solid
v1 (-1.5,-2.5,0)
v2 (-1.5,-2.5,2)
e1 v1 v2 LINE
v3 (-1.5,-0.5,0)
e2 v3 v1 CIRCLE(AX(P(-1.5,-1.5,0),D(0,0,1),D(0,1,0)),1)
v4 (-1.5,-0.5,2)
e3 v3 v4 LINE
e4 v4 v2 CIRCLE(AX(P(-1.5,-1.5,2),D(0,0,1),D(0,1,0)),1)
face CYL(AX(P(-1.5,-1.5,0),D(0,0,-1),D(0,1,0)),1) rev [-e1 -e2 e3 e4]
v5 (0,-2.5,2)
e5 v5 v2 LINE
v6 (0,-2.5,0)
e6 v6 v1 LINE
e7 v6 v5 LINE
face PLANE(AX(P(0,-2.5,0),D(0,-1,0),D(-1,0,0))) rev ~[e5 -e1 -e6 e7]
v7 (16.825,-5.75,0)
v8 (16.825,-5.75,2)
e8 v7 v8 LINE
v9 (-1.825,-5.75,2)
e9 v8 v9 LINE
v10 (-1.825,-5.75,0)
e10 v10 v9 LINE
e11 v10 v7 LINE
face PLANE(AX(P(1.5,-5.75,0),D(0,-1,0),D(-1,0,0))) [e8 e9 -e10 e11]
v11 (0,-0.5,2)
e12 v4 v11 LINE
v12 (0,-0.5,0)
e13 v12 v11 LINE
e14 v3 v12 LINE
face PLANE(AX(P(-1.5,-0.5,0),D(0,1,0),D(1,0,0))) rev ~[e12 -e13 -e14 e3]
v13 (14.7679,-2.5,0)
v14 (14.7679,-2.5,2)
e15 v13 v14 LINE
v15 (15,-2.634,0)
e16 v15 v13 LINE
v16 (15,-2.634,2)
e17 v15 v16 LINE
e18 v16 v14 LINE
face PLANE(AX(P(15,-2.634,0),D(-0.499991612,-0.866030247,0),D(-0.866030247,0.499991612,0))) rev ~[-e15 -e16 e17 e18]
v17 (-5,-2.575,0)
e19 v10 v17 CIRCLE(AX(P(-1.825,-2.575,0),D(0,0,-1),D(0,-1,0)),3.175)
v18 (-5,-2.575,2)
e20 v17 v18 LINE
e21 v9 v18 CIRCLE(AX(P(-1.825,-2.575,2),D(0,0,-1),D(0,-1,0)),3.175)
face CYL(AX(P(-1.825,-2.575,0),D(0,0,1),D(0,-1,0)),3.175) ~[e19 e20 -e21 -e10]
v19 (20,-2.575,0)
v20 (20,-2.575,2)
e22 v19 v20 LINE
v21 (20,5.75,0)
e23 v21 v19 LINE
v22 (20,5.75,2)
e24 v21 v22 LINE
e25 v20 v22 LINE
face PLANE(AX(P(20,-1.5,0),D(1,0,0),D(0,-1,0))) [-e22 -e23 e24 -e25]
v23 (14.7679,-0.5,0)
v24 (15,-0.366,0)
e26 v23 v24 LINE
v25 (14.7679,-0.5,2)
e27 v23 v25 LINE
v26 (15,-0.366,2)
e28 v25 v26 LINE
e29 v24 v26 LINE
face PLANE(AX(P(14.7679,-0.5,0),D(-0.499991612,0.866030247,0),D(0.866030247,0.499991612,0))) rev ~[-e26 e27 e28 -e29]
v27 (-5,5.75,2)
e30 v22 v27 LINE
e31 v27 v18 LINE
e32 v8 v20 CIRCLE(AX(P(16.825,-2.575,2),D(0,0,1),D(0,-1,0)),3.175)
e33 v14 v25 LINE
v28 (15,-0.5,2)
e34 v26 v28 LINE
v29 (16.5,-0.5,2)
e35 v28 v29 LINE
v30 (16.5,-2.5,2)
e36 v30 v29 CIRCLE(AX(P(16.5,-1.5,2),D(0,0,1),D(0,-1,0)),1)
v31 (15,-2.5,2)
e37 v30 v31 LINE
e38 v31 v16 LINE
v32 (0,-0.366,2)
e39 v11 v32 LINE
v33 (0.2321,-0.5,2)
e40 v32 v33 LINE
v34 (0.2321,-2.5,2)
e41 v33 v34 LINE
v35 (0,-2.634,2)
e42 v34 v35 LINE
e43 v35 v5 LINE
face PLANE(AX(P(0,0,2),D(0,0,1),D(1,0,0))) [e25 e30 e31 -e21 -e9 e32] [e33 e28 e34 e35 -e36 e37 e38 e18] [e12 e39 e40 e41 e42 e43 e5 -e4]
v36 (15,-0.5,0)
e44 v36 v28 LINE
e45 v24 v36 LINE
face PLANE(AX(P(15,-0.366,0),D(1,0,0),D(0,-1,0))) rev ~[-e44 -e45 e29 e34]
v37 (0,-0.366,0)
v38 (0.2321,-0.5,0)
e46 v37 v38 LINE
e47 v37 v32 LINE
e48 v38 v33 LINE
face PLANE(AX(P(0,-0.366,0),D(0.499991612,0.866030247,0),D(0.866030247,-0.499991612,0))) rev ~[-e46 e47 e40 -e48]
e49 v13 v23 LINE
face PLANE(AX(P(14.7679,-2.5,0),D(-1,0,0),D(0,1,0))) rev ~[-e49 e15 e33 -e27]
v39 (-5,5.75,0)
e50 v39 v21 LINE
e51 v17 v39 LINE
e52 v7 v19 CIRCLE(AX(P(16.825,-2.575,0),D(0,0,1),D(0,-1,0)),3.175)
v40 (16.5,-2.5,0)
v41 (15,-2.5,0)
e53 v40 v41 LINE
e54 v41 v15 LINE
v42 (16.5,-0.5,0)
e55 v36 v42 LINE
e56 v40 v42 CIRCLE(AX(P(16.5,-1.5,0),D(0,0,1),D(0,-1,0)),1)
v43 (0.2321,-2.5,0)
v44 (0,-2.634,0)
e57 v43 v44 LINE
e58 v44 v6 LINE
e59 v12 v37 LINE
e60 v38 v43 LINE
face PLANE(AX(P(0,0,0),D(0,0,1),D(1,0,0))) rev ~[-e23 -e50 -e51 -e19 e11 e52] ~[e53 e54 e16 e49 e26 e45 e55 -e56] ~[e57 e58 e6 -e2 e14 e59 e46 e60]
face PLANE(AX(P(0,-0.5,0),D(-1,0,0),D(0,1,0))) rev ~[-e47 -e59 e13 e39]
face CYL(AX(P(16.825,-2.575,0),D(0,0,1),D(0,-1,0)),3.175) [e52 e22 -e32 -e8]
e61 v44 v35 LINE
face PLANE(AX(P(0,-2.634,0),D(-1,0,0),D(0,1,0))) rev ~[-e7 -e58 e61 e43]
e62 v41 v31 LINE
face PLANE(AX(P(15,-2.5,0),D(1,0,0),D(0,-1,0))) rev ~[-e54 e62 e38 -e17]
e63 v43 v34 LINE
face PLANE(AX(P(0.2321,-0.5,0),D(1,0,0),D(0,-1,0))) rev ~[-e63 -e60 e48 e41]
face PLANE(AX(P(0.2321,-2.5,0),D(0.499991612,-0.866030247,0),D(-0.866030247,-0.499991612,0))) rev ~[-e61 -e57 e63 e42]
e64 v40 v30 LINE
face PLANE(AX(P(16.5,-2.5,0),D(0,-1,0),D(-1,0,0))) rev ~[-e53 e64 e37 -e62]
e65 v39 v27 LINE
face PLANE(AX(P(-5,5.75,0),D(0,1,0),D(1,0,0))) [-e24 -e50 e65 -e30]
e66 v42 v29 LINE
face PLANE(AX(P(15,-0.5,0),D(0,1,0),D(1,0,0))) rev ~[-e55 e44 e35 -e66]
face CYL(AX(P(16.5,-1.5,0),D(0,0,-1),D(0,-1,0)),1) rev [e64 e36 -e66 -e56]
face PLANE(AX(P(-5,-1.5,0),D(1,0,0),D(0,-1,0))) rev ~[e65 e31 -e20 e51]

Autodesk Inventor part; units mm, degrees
ref_plane "YZ Plane" through (0, 0, 0) normal (1, 0, 0) x (0, 1, 0)
ref_plane "XZ Plane" through (0, 0, 0) normal (0, 1, 0) x (-1, 0, 0)
ref_plane "XY Plane" through (0, 0, 0) normal (0, 0, 1) x (1, 0, 0)
sketch "Sketch1" plane through (0, 0, 0) normal (0, 0, 1) x (1, 0, 0)
  line L0 (1.5, -5.75) -> (-1.9843, -5.75) projected
  line L1 (0, 0) -> (1.5, 0) projected
  line L2 (1.5, 0) -> (1.5, 5.75) projected
  line L3 (-16, 5.75) -> (1.5, 5.75) projected
  line L4 (-16, 3.21) -> (-16, 5.75) projected
  line L5 (0, 3.21) -> (-16, 3.21) projected
  line L6 (0, 2.75) -> (0, 3.21) projected
  line L7 (0, 2.75) -> (-1.9843, 2.75) projected
  arc A0 (-1.9843, 2.75) -> (-3.3072, 2.25) centre (-1.9843, 0.75) ccw projected
  arc A1 (-3.3072, 2.25) -> (-3.3072, -5.25) centre (0, -1.5) ccw projected
  arc A2 (-3.3072, -5.25) -> (-1.9843, -5.75) centre (-1.9843, -3.75) ccw projected
  line L8 (1.5, -5.75) -> (-1.9843, -5.75) projected
  line L9 (1.5, -5.75) -> (1.5, -3) projected
  line L10 (1.5, -3) -> (0, -3) projected
  line L11 (0, -3) -> (0, -2.5) projected
  line L12 (0, -2.5) -> (-1.5, -2.5) projected
  arc A3 (-1.5, -0.5) -> (-1.5, -2.5) centre (-1.5, -1.5) ccw projected
  line L13 (-1.5, -0.5) -> (0, -0.5) projected
  line L14 (0, -0.5) -> (0, 0) projected
  line L15 (15, -3) -> (13.5, -3) projected
  line L16 (13.5, -5.75) -> (13.5, -3) projected
  line L17 (13.5, -5.75) -> (16.9843, -5.75) projected
  arc A4 (16.9843, -5.75) -> (18.3072, -5.25) centre (16.9843, -3.75) ccw projected
  arc A5 (18.3072, -5.25) -> (18.3072, 2.25) centre (15, -1.5) ccw projected
  arc A6 (18.3072, 2.25) -> (16.9843, 2.75) centre (16.9843, 0.75) ccw projected
  line L18 (15, 2.75) -> (16.9843, 2.75) projected
  line L19 (15, 2.75) -> (15, 3.21) projected
  line L20 (31, 3.21) -> (15, 3.21) projected
  line L21 (31, 3.21) -> (31, 5.75) projected
  line L22 (13.5, 5.75) -> (31, 5.75) projected
  line L23 (13.5, 0) -> (13.5, 5.75) projected
  line L24 (13.5, 0) -> (15, 0) projected
  line L25 (15, 0) -> (15, -0.5) projected
  line L26 (15, -0.5) -> (16.5, -0.5) projected
  arc A7 (16.5, -2.5) -> (16.5, -0.5) centre (16.5, -1.5) ccw projected
  line L27 (16.5, -2.5) -> (15, -2.5) projected
  line L28 (15, -2.5) -> (15, -3) projected
  line L29 (14.7679, -0.5) -> (15, -0.366) projected
  line L30 (15, 0) -> (15, -0.366) projected
  line L31 (13.5, 0) -> (15, 0) projected
  line L32 (13.5, -3) -> (13.5, 0) projected
  line L33 (15, -3) -> (13.5, -3) projected
  line L34 (15, -2.634) -> (15, -3) projected
  line L35 (15, -2.634) -> (14.7679, -2.5) projected
  line L36 (14.7679, -2.5) -> (14.7679, -0.5) projected
  line L37 (0, -0.366) -> (0.2321, -0.5) projected
  line L38 (0.2321, -0.5) -> (0.2321, -2.5) projected
  line L39 (0.2321, -2.5) -> (0, -2.634) projected
  line L40 (0, -2.634) -> (0, -3) projected
  line L41 (0, -3) -> (1.5, -3) projected
  line L42 (1.5, 0) -> (1.5, -3) projected
  line L43 (1.5, 0) -> (0, 0) projected
  line L44 (0, 0) -> (0, -0.366) projected
  line L45 (20, -1.5) -> (20, -5.75)
  line L46 (13.5, -5.75) -> (20, -5.75)
  line L47 (13.5, -5.75) -> (-1.9843, -5.75)
  line L48 (-5, -1.5) -> (-5, -5.75)
  line L49 (-5, -5.75) -> (-1.9843, -5.75)
  line L50 (20, -5.75) -> (-5, -5.75)
  line L51 (-5, -5.75) -> (-5, 5.75)
  line L52 (-5, 5.75) -> (20, 5.75)
  line L53 (20, 5.75) -> (20, -5.75)
extrude "Extrusion1" add sketch "Sketch1" along normal blind 2 contours L0 A2 A1 A0 L7 L6 L5 L51 L3 L2 L1 L14 L13 A3 L12 L11 L10 L9 | L9 L42 L2 L52 L23 L32 L16 L47 | L49 L48 A1 A2 | L10 L11 L39 L38 L37 L14 L1 L42 | L16 L15 L28 L27 A7 L26 L25 L24 L23 L22 L53 L20 L19 L18 A6 A5 A4 L17 | L32 L24 L25 L29 L36 L35 L28 L15 | A4 A5 L45 L46 | L51 L5 L6 L7 A0 A1 | A5 A6 L18 L19 L20 L53
fillet "Fillet1" radius 3.175 2 edges at (-5, -5.75, 1) (20, -5.75, 1)
properties part number "N20Bracklet-Holder"
